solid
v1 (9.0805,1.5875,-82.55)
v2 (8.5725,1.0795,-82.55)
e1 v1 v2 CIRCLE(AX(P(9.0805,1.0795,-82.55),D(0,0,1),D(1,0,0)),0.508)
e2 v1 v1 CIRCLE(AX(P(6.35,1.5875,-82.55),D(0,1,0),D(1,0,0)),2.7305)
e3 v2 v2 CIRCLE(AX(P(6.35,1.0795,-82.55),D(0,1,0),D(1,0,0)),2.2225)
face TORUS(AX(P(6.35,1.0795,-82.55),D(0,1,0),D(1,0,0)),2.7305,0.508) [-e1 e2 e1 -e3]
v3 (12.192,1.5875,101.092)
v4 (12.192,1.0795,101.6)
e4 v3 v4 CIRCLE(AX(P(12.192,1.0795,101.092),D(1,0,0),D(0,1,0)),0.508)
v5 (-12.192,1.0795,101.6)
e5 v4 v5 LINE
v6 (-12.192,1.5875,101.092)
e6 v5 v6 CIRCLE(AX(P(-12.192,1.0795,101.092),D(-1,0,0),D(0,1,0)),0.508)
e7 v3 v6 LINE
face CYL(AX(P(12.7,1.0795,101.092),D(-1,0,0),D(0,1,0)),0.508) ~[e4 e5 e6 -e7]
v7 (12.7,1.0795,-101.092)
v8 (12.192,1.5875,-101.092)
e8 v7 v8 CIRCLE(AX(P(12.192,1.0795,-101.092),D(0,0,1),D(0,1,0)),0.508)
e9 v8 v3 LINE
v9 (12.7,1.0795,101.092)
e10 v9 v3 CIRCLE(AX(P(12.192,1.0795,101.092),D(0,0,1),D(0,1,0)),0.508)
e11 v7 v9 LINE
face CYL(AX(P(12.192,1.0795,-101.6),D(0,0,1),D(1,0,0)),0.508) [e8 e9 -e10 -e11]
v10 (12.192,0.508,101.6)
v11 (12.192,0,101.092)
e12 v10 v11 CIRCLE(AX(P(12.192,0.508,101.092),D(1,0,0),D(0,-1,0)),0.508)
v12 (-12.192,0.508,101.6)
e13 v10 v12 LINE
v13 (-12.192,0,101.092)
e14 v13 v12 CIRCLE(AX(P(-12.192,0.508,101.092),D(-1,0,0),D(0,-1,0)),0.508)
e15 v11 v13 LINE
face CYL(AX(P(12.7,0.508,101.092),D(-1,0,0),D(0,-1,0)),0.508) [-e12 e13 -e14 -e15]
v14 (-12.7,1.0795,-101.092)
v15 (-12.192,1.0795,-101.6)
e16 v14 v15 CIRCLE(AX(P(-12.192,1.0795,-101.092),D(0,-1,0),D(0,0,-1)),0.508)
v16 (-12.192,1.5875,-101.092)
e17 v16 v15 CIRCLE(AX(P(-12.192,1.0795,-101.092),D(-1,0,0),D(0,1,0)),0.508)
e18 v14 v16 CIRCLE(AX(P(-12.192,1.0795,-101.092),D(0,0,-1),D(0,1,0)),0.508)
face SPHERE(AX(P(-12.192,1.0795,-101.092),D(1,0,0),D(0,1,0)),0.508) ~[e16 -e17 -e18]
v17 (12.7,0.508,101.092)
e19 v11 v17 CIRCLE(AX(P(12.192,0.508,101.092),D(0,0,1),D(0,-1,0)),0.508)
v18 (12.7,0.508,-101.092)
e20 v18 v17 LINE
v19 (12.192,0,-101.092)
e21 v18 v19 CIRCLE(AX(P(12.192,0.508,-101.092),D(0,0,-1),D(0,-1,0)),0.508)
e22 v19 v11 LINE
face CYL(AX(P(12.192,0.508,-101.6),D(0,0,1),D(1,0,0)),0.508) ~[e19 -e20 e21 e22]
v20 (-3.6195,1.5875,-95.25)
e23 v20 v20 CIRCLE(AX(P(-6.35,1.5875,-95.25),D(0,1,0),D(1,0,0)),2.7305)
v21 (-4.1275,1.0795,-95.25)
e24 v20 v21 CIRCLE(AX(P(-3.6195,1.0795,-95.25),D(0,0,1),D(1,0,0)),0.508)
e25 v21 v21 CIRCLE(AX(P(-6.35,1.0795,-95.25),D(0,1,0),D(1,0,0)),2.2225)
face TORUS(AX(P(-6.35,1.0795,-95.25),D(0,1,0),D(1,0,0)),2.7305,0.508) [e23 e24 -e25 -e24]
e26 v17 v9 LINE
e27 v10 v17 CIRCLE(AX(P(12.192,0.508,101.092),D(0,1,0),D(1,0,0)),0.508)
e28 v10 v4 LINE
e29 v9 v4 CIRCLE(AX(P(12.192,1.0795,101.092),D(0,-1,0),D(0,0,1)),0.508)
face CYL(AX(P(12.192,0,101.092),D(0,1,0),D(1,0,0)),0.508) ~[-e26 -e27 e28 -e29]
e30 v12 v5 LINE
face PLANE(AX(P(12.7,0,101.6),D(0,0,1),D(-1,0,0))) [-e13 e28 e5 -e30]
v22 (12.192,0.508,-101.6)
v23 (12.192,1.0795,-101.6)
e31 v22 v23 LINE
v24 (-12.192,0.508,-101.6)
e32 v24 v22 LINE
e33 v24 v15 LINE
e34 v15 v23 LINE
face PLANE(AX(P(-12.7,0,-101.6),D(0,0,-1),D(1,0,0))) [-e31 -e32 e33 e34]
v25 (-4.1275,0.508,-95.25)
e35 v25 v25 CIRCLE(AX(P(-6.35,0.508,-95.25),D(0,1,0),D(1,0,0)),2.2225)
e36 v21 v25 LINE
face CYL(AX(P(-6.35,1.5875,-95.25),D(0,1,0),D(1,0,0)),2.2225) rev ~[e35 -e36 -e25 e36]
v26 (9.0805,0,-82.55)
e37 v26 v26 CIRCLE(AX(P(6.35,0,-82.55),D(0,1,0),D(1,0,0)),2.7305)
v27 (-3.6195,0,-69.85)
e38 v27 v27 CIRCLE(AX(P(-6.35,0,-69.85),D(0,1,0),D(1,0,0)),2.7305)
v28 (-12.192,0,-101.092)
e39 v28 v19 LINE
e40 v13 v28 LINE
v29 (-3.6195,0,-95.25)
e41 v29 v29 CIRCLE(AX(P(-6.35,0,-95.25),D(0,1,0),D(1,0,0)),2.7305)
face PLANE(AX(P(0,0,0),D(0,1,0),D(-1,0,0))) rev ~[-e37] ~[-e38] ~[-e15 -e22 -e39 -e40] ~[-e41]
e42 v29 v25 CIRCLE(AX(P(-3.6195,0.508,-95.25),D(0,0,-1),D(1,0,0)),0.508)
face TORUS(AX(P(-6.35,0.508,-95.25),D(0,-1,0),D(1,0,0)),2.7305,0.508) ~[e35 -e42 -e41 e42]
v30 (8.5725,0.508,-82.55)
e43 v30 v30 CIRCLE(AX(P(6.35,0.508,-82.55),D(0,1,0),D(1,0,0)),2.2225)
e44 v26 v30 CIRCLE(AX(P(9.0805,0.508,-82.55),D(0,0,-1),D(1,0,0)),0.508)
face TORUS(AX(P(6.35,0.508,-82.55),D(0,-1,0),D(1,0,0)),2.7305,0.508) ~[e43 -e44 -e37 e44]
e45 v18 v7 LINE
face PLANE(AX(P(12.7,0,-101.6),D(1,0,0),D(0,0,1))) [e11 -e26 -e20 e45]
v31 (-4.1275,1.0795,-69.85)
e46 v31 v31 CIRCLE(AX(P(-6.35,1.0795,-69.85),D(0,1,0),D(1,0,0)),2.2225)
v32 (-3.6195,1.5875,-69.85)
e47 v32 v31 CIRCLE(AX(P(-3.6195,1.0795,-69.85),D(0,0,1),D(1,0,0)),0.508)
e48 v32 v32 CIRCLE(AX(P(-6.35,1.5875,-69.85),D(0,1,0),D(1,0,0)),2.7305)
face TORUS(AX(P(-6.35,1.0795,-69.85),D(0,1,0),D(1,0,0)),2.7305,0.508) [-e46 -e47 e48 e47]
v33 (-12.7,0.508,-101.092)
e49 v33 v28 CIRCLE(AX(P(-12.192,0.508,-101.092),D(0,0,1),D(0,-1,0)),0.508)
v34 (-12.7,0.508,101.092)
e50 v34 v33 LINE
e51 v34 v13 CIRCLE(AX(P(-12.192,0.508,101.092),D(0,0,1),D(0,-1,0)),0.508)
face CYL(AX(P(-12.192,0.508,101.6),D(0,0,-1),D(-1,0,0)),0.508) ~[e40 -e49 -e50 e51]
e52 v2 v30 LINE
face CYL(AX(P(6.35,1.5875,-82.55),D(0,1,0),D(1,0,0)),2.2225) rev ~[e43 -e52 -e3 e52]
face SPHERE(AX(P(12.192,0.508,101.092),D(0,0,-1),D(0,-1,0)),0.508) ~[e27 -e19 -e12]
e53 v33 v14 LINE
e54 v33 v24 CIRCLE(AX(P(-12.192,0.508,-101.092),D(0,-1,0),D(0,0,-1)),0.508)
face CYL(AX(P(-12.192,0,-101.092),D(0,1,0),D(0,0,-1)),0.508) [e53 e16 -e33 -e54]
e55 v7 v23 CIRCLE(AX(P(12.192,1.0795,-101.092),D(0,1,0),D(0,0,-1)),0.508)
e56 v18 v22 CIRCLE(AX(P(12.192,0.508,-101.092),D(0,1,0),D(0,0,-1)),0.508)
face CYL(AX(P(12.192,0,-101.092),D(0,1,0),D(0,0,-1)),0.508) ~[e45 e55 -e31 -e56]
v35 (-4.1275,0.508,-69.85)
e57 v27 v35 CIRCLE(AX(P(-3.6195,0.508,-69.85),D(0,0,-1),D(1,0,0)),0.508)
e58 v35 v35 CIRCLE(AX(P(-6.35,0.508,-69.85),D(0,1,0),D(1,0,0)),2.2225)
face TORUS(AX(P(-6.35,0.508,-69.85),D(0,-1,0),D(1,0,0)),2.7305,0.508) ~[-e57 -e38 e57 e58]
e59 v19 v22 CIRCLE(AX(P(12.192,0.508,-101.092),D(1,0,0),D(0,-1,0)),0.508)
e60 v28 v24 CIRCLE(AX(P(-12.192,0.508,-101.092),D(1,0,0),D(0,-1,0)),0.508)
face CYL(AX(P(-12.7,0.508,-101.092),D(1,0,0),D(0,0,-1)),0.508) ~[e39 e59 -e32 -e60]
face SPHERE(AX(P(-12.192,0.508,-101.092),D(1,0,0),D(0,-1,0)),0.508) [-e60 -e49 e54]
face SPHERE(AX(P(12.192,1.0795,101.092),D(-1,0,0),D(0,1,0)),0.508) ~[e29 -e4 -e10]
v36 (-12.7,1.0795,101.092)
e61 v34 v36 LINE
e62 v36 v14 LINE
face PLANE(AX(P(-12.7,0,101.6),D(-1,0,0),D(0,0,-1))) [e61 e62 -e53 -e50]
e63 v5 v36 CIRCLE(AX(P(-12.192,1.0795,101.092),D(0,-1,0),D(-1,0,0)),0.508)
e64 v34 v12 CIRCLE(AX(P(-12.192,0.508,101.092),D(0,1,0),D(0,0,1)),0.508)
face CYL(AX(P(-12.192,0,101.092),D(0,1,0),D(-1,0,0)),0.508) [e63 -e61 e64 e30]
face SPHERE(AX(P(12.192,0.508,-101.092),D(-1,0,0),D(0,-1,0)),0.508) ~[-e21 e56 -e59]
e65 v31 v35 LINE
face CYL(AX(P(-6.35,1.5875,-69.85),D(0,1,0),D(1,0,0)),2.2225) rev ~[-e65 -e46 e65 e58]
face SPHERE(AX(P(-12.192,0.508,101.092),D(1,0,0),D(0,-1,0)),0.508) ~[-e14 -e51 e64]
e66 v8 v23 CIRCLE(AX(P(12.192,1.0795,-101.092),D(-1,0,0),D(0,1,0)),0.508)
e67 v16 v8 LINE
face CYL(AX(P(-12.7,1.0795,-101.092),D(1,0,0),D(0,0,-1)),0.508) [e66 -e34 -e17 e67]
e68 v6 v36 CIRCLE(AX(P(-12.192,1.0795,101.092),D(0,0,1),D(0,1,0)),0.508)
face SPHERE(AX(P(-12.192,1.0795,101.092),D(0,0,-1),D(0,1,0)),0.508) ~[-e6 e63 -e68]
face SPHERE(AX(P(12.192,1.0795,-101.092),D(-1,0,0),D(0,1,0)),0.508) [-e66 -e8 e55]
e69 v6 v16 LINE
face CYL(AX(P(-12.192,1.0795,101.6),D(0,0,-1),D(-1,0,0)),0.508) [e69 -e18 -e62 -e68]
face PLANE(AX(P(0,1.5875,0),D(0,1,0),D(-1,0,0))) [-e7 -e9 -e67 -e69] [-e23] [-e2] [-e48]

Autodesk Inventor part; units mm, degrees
ref_plane "YZ Plane" through (0, 0, 0) normal (1, 0, 0) x (0, 1, 0)
ref_plane "XZ Plane" through (0, 0, 0) normal (0, 1, 0) x (-1, 0, 0)
ref_plane "XY Plane" through (0, 0, 0) normal (0, 0, 1) x (1, 0, 0)
sketch "Sketch1" plane through (0, 0, 0) normal (0, 1, 0) x (-1, 0, 0)
  line L0 (12.7, -101.6) -> (-12.7, -101.6)
  line L1 (-12.7, -101.6) -> (-12.7, 101.6)
  line L2 (-12.7, 101.6) -> (12.7, 101.6)
  line L3 (12.7, 101.6) -> (12.7, -101.6)
  line L4 (12.7, -101.6) -> (-12.7, 101.6) construction
  line L5 (-12.7, -101.6) -> (12.7, 101.6) construction
  point P0 (0, 0)
  dimension "d0" = 25.4
  dimension "d1" = 203.2
extrude "Extrusion1" add sketch "Sketch1" along normal blind 1.5875
sketch "Sketch2" plane through (0, 1.5875, 0) normal (0, 1, 0) x (1, 0, 0)
  line L0 (12.7, 101.6) -> (-12.7, 101.6) projected
  line L1 (-12.7, 101.6) -> (-12.7, -101.6) projected
  circle A0 centre (-6.35, 95.25) radius 2.2225
  circle A1 centre (-6.35, 82.55) radius 2.2225
  circle A2 centre (-6.35, 69.85) radius 2.2225
  circle A3 centre (6.35, 95.25) radius 2.2225
  circle A4 centre (6.35, 82.55) radius 2.2225
  circle A5 centre (6.35, 69.85) radius 2.2225
  point P0 (0, 0)
  dimension "d4" = 4.445
  dimension "d5" = 6.35
  dimension "d6" = 6.35
  dimension "d9" = 12.7
  dimension "d12" = 12.7
extrude "Extrusion2" cut sketch "Sketch2" against normal blind 1.5875 contours A0 | A2 | A4
fillet "Fillet1" radius 0.508 18 edges at (0, 1.5875, -101.6) (-12.7, 1.5875, 0) (0, 1.5875, 101.6) (12.7, 1.5875, 0) (-8.5725, 1.5875, -69.85) (-8.5725, 1.5875, -95.25) (4.1275, 1.5875, -82.55) (4.1275, 0, -82.55) (-8.5725, 0, -69.85) (-8.5725, 0, -95.25) (0, 0, -101.6) (12.7, 0, 0) (0, 0, 101.6) (-12.7, 0, 0) (12.7, 0.7937, -101.6) (-12.7, 0.7937, -101.6) (12.7, 0.7937, 101.6) (-12.7, 0.7937, 101.6)
properties part number "big ball holder" material "Polycarbonate, Clear"
